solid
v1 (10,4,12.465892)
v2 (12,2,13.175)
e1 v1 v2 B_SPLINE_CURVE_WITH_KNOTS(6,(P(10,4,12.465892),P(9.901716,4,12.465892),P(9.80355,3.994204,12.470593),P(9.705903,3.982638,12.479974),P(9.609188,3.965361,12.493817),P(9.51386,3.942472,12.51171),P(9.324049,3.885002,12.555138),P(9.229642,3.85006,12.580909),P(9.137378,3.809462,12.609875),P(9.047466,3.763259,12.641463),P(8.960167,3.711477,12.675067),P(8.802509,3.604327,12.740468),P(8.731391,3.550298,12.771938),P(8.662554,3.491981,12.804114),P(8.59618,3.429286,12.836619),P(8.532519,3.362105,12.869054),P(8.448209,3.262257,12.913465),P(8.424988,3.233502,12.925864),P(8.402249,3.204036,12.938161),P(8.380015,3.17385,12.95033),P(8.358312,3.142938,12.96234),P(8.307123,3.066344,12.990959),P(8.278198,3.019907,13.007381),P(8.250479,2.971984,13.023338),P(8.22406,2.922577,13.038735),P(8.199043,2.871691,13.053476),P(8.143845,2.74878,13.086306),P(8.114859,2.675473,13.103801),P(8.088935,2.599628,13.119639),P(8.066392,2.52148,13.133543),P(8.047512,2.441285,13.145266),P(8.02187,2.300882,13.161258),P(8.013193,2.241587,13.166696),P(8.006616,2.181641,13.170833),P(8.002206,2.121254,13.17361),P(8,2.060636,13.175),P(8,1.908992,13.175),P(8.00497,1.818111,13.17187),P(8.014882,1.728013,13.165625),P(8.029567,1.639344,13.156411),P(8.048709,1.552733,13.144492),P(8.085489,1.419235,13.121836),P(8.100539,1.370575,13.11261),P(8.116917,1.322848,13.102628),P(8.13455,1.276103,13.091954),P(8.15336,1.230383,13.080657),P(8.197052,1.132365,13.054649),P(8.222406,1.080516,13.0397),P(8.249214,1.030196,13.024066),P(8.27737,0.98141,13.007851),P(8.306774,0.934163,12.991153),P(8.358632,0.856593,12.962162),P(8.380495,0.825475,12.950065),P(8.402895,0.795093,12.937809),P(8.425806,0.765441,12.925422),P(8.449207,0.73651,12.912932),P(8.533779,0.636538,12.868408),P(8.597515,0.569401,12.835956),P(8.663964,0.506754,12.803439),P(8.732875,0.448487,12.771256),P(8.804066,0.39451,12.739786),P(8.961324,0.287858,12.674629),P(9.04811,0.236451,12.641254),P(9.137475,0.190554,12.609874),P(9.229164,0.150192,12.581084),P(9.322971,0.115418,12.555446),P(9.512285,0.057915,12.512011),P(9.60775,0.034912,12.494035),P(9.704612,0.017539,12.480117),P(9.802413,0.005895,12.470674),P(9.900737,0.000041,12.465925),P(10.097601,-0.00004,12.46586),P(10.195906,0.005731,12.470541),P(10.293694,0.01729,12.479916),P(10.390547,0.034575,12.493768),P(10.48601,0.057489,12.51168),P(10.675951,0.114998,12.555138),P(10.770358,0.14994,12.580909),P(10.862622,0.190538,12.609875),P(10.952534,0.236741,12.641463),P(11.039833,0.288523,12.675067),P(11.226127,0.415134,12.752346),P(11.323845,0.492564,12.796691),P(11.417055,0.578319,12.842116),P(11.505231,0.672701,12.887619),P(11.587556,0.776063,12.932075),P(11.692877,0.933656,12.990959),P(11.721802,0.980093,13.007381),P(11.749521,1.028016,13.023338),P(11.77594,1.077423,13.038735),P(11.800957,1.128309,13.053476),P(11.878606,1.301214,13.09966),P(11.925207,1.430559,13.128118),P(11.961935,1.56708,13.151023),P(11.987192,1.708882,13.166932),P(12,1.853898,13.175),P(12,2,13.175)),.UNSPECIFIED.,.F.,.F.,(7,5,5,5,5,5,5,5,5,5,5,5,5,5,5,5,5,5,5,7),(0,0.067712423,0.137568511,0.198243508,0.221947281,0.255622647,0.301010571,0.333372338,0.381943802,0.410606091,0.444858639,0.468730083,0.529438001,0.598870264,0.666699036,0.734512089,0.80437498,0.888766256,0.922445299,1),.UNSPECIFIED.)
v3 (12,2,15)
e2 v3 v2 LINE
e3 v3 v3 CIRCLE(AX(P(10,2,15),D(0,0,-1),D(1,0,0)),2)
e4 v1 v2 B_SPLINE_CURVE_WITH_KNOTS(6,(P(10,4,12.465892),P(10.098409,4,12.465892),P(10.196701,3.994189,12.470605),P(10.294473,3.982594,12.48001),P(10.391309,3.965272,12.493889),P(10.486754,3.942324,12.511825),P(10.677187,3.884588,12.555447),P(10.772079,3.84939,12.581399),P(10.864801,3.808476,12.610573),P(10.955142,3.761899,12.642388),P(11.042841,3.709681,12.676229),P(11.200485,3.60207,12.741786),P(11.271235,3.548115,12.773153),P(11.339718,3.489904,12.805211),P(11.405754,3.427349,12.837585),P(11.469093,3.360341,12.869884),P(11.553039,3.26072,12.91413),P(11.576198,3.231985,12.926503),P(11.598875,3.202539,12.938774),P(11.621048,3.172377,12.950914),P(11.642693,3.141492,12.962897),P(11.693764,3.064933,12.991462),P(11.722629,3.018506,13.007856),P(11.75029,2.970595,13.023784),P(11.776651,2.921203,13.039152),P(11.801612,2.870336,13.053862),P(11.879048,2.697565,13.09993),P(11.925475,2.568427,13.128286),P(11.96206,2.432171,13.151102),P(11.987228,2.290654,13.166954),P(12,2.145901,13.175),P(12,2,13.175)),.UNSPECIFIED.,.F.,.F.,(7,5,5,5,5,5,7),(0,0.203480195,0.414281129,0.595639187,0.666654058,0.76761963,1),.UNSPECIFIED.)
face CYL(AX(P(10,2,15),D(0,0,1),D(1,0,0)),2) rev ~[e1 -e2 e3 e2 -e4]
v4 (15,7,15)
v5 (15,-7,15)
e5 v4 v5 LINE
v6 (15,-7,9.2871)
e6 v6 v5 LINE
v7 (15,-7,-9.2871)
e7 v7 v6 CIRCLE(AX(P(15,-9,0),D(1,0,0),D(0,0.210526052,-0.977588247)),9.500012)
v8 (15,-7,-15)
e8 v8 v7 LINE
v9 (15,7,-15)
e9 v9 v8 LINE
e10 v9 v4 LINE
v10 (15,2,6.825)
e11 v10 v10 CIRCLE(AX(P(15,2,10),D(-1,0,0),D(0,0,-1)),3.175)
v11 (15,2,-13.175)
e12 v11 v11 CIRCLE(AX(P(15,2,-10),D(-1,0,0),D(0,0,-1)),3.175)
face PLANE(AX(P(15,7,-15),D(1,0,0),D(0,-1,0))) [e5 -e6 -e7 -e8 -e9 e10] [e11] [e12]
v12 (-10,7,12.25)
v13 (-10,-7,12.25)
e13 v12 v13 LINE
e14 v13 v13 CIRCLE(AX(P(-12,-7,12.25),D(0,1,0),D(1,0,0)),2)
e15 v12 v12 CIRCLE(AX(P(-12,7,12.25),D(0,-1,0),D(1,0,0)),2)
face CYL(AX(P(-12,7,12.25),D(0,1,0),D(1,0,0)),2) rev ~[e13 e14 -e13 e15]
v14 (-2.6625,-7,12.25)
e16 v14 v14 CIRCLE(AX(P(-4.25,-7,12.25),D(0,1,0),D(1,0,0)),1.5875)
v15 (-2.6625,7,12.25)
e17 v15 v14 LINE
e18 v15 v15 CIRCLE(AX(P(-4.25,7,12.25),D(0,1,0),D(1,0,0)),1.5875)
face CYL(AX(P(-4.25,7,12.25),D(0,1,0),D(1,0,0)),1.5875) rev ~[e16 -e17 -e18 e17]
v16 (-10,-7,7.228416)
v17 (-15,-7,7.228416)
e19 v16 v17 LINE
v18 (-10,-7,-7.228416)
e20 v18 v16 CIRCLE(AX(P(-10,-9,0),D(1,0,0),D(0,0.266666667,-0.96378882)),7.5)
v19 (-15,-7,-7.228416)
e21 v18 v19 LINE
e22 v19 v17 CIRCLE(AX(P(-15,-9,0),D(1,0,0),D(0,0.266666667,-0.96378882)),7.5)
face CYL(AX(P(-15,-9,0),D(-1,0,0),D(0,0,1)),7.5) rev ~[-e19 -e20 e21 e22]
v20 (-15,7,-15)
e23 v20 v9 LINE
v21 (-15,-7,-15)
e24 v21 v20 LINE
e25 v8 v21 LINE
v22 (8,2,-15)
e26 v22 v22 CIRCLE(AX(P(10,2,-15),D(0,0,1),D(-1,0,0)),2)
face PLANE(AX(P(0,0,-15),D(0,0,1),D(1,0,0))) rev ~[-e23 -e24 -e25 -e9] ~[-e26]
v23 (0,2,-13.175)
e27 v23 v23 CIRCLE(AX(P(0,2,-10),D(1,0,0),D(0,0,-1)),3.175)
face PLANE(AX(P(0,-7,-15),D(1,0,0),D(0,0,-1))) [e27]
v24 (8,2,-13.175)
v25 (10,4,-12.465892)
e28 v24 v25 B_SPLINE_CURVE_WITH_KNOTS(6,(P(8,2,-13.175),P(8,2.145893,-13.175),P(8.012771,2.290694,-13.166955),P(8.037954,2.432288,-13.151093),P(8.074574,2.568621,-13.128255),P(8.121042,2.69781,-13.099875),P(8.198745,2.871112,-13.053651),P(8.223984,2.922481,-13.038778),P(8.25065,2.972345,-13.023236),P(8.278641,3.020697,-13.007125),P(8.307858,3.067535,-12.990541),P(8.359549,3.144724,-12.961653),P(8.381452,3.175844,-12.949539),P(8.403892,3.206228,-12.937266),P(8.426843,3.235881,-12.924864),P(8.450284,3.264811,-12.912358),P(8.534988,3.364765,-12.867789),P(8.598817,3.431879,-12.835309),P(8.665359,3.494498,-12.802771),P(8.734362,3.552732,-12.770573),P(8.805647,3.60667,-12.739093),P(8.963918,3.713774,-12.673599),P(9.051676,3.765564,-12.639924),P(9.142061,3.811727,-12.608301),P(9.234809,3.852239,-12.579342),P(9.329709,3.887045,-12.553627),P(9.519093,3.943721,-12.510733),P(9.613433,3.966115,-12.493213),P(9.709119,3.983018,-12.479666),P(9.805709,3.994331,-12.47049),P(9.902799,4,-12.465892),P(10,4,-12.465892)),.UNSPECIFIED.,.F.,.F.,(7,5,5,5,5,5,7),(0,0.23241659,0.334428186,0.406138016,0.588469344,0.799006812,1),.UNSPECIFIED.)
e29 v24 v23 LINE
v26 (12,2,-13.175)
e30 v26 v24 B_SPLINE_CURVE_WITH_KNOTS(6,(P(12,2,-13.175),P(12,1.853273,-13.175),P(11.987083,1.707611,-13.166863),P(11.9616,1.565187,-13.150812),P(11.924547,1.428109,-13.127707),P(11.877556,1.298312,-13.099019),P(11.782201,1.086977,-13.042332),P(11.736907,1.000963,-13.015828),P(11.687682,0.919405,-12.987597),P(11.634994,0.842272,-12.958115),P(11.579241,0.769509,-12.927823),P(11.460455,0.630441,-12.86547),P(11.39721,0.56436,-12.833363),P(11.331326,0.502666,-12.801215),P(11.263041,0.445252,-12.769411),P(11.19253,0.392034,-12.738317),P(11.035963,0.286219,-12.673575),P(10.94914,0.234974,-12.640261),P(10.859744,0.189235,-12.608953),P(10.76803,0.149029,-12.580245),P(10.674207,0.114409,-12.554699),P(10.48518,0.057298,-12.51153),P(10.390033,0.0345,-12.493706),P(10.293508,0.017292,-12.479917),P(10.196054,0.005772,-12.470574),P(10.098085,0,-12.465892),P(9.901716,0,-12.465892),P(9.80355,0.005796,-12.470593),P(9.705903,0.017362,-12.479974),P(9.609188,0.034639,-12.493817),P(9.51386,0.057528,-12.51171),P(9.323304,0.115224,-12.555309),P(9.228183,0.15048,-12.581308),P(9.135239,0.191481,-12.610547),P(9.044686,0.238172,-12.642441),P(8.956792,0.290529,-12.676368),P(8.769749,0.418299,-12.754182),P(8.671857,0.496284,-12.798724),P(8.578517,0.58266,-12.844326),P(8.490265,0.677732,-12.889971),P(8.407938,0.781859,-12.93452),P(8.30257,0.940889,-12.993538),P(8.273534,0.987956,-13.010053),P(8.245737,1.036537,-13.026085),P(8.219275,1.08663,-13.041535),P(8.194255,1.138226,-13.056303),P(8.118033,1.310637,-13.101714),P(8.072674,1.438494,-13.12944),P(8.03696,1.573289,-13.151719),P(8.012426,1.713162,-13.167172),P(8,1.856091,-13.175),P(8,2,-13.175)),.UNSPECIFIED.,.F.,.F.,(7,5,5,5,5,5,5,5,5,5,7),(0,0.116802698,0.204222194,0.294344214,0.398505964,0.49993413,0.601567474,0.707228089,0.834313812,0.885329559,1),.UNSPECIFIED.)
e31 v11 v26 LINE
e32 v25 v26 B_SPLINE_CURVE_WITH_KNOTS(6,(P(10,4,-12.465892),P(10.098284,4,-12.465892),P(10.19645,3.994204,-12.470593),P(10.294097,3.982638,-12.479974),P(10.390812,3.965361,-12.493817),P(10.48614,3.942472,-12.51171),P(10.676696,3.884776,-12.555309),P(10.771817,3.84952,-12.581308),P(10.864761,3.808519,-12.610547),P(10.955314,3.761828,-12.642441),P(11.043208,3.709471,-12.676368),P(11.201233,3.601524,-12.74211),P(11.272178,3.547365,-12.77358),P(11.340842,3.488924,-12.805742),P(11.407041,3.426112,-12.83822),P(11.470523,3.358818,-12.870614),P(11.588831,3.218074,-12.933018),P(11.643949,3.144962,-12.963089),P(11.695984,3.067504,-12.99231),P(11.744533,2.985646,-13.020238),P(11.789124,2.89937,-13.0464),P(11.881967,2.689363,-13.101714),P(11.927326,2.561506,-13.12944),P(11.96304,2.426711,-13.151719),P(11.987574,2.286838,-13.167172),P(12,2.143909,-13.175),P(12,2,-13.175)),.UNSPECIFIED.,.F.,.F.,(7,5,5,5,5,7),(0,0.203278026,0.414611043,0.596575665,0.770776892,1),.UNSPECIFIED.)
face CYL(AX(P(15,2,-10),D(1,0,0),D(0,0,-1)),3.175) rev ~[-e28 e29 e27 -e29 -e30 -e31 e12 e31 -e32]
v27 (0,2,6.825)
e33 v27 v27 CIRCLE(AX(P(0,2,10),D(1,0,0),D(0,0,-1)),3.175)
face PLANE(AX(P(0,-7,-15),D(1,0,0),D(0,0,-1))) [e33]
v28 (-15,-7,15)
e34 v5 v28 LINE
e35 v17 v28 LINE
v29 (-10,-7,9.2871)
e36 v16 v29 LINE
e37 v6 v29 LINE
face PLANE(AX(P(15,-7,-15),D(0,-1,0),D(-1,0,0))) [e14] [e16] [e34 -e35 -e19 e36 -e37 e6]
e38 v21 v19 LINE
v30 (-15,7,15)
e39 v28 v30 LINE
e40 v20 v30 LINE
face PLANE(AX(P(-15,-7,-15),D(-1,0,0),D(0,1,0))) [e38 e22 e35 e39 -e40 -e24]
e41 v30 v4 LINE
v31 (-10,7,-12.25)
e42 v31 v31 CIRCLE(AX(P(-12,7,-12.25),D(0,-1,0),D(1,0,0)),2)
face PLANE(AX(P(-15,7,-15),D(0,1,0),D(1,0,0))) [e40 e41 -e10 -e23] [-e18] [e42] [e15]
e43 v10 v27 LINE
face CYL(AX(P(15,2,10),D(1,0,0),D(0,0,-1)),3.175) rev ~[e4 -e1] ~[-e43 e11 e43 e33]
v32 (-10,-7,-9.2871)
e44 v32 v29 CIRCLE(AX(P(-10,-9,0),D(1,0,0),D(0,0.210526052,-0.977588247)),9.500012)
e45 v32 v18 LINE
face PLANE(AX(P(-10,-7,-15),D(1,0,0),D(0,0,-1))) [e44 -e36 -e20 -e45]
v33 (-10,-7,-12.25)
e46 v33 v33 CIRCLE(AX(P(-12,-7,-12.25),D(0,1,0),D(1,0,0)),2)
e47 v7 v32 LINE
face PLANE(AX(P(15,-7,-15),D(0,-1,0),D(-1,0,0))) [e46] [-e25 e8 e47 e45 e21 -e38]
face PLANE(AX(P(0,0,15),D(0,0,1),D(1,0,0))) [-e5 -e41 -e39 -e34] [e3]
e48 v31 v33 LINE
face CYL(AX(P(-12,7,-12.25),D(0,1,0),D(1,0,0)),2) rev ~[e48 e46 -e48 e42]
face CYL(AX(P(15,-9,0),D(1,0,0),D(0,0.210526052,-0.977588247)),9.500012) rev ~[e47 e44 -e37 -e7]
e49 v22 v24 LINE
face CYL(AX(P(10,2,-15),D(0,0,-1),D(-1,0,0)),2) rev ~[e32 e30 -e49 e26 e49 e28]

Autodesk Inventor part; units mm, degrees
ref_plane "YZ Plane" through (0, 0, 0) normal (1, 0, 0) x (0, 1, 0)
ref_plane "XZ Plane" through (0, 0, 0) normal (0, 1, 0) x (-1, 0, 0)
ref_plane "XY Plane" through (0, 0, 0) normal (0, 0, 1) x (1, 0, 0)
sketch "Sketch1" plane through (0, 0, 0) normal (0, 0, 1) x (1, 0, 0)
  line L0 (15, -7) -> (-15, -7)
  line L1 (-15, -7) -> (-15, 7)
  line L2 (-15, 7) -> (15, 7)
  line L3 (15, 7) -> (15, -7)
  line L4 (15, -7) -> (-15, 7) construction
  line L5 (-15, -7) -> (15, 7) construction
  point P0 (0, 0)
  dimension "d0" = 30
  dimension "d1" = 14
extrude "Extrusion1" add sketch "Sketch1" along normal blind 30
sketch "Sketch3" plane through (15, -7, 0) normal (1, 0, 0) x (0, 0, -1)
  line L0 (0, 0) -> (-30, 0) projected
  line L1 (-15, 0) -> (-15, -2)
  arc A0 (-5.7129, 0) -> (-24.2871, 0) centre (-15, -2) ccw
  point P0 (0, 7)
  dimension "d4" = 2
  dimension "d5" = 19
extrude "Extrusion2" cut sketch "Sketch3" against normal blind 25
sketch "Sketch5" plane through (-15, 7, 0) normal (0, 1, 0) x (1, 0, 0)
  line L0 (30, 0) -> (0, 0) projected
  line L1 (30, -30) -> (0, -30) projected
  line L2 (0, -30) -> (0, -27.25)
  line L3 (0, 0) -> (0, -30) projected
  line L4 (0, -27.25) -> (2.75, -27.25)
  circle A0 centre (2.75, -27.25) radius 2
  line L5 (0, 0) -> (0, -2.75)
  line L6 (0, -2.75) -> (2.75, -2.75)
  circle A1 centre (2.75, -2.75) radius 2
  line L7 (2.75, -27.25) -> (10.75, -27.25)
  circle A2 centre (10.75, -27.25) radius 1.5875
  point P0 (15, 0)
  dimension "d11" = 2.75
  dimension "d12" = 2.75
  dimension "d13" = 4
  dimension "d14" = 2.75
  dimension "d15" = 2.75
  dimension "d16" = 4
  dimension "d17" = 8
  dimension "d18" = 3.175
extrude "Extrusion3" cut sketch "Sketch5" against normal blind 100 contours A2
sketch "Sketch6" plane through (-15, 7, 0) normal (0, 1, 0) x (1, 0, 0)
  point P0 (15, 0)
sketch "Sketch7" plane through (15, -7, 0) normal (1, 0, 0) x (0, 0, -1)
  line L0 (0, 14) -> (-30, 14) projected
  line L1 (-30, 14) -> (-25, 14)
  line L2 (-25, 14) -> (-25, 9)
  line L3 (0, 14) -> (0, 0) projected
  line L4 (0, 14) -> (-5, 14)
  line L5 (-5, 14) -> (-5, 9)
  circle A0 centre (-25, 9) radius 3.175
  circle A1 centre (-5, 9) radius 3.175
  point P0 (0, 7)
  dimension "d21" = 5
  dimension "d22" = 5
  dimension "d23" = 5
  dimension "d24" = 5
  dimension "d25" = 6.35
  dimension "d26" = 6.35
extrude "Extrusion4" cut sketch "Sketch7" against normal blind 15
move or copy body "Move Body1" bodies to move or copy 1 copy no translate (-20, 0, 0)
move or copy body "Move Body2" bodies to move or copy 1 copy no translate (-5, 0, 0)
sketch "Sketch8" plane through (0, 0, 0) normal (1, 0, 0) x (0, 1, 0)
  point P0 (0, 0)
sketch "Sketch9" plane through (-40, 7, 0) normal (0, 1, 0) x (1, 0, 0)
  line L0 (30, -30) -> (0, -30) projected
  line L1 (0, -30) -> (0, -27.25)
  line L2 (0, 0) -> (0, -30) projected
  line L3 (0, -27.25) -> (3, -27.25)
  circle A0 centre (3, -27.25) radius 2
  line L4 (0, 0) -> (0, -2.75)
  line L5 (0, -2.75) -> (3, -2.75)
  circle A1 centre (3, -2.75) radius 2
  point P0 (40, 0)
  dimension "d35" = 2.75
  dimension "d36" = 3
  dimension "d37" = 4
  dimension "d38" = 2.75
  dimension "d39" = 4
  dimension "d40" = 3
extrude "Extrusion5" cut sketch "Sketch9" against normal blind 14
sketch "Sketch14" plane through (-40, 7, 30) normal (0, 0, 1) x (1, 0, 0)
  line L0 (30, 0) -> (0, 0) projected
  line L1 (30, 0) -> (25, 0)
  line L2 (25, 0) -> (25, -5)
  circle A0 centre (25, -5) radius 2
  point P0 (40, -7)
  dimension "d47" = 5
  dimension "d48" = 5
  dimension "d49" = 4
extrude "Extrusion6" cut sketch "Sketch14" against normal blind 3
sketch "Sketch15" plane through (-10, 7, 0) normal (0, 0, -1) x (-1, 0, 0)
  line L0 (0, -14) -> (0, 0) projected
  line L1 (0, 0) -> (5, 0)
  line L2 (0, 0) -> (30, 0) projected
  line L3 (5, 0) -> (5, -5)
  circle A0 centre (5, -5) radius 2
  point P0 (-10, -7)
  dimension "d52" = 5
  dimension "d53" = 5
  dimension "d54" = 4
extrude "Extrusion7" cut sketch "Sketch15" against normal blind 4
thread "Thread3" size "M4x0.7" class "6H" standard "ANSI Metric M Profile" full length
thread "Thread4" size "M4x0.7" class "6H" standard "ANSI Metric M Profile" full length
sketch "Sketch16" plane through (-40, -7, 0) normal (-1, 0, 0) x (0, 0, 1)
  line L0 (0, 14) -> (30, 14) projected
  line L1 (0, 14) -> (15, 14)
  line L2 (15, 14) -> (15, -2)
  circle A0 centre (15, -2) radius 7.5
  point P0 (0, 7)
  dimension "d61" = 16
  dimension "d62" = 15
extrude "Extrusion8" cut sketch "Sketch16" against normal blind 15
move or copy body "Move Body3" bodies to move or copy 1 copy no translate (25, 0, 0)
move or copy body "Move Body4" bodies to move or copy 1 copy no translate (10, 0, -15)
move or copy body "Move Body5" bodies to move or copy 1 copy no translate (-10, 0, 0)
sketch "Sketch17" plane through (15, -7, -15) normal (1, 0, 0) x (0, 0, -1)
  point P0 (-15, 7)
equation "\"d55\" = d54"
properties part number "Rb oven housing top-back" material "Copper"
